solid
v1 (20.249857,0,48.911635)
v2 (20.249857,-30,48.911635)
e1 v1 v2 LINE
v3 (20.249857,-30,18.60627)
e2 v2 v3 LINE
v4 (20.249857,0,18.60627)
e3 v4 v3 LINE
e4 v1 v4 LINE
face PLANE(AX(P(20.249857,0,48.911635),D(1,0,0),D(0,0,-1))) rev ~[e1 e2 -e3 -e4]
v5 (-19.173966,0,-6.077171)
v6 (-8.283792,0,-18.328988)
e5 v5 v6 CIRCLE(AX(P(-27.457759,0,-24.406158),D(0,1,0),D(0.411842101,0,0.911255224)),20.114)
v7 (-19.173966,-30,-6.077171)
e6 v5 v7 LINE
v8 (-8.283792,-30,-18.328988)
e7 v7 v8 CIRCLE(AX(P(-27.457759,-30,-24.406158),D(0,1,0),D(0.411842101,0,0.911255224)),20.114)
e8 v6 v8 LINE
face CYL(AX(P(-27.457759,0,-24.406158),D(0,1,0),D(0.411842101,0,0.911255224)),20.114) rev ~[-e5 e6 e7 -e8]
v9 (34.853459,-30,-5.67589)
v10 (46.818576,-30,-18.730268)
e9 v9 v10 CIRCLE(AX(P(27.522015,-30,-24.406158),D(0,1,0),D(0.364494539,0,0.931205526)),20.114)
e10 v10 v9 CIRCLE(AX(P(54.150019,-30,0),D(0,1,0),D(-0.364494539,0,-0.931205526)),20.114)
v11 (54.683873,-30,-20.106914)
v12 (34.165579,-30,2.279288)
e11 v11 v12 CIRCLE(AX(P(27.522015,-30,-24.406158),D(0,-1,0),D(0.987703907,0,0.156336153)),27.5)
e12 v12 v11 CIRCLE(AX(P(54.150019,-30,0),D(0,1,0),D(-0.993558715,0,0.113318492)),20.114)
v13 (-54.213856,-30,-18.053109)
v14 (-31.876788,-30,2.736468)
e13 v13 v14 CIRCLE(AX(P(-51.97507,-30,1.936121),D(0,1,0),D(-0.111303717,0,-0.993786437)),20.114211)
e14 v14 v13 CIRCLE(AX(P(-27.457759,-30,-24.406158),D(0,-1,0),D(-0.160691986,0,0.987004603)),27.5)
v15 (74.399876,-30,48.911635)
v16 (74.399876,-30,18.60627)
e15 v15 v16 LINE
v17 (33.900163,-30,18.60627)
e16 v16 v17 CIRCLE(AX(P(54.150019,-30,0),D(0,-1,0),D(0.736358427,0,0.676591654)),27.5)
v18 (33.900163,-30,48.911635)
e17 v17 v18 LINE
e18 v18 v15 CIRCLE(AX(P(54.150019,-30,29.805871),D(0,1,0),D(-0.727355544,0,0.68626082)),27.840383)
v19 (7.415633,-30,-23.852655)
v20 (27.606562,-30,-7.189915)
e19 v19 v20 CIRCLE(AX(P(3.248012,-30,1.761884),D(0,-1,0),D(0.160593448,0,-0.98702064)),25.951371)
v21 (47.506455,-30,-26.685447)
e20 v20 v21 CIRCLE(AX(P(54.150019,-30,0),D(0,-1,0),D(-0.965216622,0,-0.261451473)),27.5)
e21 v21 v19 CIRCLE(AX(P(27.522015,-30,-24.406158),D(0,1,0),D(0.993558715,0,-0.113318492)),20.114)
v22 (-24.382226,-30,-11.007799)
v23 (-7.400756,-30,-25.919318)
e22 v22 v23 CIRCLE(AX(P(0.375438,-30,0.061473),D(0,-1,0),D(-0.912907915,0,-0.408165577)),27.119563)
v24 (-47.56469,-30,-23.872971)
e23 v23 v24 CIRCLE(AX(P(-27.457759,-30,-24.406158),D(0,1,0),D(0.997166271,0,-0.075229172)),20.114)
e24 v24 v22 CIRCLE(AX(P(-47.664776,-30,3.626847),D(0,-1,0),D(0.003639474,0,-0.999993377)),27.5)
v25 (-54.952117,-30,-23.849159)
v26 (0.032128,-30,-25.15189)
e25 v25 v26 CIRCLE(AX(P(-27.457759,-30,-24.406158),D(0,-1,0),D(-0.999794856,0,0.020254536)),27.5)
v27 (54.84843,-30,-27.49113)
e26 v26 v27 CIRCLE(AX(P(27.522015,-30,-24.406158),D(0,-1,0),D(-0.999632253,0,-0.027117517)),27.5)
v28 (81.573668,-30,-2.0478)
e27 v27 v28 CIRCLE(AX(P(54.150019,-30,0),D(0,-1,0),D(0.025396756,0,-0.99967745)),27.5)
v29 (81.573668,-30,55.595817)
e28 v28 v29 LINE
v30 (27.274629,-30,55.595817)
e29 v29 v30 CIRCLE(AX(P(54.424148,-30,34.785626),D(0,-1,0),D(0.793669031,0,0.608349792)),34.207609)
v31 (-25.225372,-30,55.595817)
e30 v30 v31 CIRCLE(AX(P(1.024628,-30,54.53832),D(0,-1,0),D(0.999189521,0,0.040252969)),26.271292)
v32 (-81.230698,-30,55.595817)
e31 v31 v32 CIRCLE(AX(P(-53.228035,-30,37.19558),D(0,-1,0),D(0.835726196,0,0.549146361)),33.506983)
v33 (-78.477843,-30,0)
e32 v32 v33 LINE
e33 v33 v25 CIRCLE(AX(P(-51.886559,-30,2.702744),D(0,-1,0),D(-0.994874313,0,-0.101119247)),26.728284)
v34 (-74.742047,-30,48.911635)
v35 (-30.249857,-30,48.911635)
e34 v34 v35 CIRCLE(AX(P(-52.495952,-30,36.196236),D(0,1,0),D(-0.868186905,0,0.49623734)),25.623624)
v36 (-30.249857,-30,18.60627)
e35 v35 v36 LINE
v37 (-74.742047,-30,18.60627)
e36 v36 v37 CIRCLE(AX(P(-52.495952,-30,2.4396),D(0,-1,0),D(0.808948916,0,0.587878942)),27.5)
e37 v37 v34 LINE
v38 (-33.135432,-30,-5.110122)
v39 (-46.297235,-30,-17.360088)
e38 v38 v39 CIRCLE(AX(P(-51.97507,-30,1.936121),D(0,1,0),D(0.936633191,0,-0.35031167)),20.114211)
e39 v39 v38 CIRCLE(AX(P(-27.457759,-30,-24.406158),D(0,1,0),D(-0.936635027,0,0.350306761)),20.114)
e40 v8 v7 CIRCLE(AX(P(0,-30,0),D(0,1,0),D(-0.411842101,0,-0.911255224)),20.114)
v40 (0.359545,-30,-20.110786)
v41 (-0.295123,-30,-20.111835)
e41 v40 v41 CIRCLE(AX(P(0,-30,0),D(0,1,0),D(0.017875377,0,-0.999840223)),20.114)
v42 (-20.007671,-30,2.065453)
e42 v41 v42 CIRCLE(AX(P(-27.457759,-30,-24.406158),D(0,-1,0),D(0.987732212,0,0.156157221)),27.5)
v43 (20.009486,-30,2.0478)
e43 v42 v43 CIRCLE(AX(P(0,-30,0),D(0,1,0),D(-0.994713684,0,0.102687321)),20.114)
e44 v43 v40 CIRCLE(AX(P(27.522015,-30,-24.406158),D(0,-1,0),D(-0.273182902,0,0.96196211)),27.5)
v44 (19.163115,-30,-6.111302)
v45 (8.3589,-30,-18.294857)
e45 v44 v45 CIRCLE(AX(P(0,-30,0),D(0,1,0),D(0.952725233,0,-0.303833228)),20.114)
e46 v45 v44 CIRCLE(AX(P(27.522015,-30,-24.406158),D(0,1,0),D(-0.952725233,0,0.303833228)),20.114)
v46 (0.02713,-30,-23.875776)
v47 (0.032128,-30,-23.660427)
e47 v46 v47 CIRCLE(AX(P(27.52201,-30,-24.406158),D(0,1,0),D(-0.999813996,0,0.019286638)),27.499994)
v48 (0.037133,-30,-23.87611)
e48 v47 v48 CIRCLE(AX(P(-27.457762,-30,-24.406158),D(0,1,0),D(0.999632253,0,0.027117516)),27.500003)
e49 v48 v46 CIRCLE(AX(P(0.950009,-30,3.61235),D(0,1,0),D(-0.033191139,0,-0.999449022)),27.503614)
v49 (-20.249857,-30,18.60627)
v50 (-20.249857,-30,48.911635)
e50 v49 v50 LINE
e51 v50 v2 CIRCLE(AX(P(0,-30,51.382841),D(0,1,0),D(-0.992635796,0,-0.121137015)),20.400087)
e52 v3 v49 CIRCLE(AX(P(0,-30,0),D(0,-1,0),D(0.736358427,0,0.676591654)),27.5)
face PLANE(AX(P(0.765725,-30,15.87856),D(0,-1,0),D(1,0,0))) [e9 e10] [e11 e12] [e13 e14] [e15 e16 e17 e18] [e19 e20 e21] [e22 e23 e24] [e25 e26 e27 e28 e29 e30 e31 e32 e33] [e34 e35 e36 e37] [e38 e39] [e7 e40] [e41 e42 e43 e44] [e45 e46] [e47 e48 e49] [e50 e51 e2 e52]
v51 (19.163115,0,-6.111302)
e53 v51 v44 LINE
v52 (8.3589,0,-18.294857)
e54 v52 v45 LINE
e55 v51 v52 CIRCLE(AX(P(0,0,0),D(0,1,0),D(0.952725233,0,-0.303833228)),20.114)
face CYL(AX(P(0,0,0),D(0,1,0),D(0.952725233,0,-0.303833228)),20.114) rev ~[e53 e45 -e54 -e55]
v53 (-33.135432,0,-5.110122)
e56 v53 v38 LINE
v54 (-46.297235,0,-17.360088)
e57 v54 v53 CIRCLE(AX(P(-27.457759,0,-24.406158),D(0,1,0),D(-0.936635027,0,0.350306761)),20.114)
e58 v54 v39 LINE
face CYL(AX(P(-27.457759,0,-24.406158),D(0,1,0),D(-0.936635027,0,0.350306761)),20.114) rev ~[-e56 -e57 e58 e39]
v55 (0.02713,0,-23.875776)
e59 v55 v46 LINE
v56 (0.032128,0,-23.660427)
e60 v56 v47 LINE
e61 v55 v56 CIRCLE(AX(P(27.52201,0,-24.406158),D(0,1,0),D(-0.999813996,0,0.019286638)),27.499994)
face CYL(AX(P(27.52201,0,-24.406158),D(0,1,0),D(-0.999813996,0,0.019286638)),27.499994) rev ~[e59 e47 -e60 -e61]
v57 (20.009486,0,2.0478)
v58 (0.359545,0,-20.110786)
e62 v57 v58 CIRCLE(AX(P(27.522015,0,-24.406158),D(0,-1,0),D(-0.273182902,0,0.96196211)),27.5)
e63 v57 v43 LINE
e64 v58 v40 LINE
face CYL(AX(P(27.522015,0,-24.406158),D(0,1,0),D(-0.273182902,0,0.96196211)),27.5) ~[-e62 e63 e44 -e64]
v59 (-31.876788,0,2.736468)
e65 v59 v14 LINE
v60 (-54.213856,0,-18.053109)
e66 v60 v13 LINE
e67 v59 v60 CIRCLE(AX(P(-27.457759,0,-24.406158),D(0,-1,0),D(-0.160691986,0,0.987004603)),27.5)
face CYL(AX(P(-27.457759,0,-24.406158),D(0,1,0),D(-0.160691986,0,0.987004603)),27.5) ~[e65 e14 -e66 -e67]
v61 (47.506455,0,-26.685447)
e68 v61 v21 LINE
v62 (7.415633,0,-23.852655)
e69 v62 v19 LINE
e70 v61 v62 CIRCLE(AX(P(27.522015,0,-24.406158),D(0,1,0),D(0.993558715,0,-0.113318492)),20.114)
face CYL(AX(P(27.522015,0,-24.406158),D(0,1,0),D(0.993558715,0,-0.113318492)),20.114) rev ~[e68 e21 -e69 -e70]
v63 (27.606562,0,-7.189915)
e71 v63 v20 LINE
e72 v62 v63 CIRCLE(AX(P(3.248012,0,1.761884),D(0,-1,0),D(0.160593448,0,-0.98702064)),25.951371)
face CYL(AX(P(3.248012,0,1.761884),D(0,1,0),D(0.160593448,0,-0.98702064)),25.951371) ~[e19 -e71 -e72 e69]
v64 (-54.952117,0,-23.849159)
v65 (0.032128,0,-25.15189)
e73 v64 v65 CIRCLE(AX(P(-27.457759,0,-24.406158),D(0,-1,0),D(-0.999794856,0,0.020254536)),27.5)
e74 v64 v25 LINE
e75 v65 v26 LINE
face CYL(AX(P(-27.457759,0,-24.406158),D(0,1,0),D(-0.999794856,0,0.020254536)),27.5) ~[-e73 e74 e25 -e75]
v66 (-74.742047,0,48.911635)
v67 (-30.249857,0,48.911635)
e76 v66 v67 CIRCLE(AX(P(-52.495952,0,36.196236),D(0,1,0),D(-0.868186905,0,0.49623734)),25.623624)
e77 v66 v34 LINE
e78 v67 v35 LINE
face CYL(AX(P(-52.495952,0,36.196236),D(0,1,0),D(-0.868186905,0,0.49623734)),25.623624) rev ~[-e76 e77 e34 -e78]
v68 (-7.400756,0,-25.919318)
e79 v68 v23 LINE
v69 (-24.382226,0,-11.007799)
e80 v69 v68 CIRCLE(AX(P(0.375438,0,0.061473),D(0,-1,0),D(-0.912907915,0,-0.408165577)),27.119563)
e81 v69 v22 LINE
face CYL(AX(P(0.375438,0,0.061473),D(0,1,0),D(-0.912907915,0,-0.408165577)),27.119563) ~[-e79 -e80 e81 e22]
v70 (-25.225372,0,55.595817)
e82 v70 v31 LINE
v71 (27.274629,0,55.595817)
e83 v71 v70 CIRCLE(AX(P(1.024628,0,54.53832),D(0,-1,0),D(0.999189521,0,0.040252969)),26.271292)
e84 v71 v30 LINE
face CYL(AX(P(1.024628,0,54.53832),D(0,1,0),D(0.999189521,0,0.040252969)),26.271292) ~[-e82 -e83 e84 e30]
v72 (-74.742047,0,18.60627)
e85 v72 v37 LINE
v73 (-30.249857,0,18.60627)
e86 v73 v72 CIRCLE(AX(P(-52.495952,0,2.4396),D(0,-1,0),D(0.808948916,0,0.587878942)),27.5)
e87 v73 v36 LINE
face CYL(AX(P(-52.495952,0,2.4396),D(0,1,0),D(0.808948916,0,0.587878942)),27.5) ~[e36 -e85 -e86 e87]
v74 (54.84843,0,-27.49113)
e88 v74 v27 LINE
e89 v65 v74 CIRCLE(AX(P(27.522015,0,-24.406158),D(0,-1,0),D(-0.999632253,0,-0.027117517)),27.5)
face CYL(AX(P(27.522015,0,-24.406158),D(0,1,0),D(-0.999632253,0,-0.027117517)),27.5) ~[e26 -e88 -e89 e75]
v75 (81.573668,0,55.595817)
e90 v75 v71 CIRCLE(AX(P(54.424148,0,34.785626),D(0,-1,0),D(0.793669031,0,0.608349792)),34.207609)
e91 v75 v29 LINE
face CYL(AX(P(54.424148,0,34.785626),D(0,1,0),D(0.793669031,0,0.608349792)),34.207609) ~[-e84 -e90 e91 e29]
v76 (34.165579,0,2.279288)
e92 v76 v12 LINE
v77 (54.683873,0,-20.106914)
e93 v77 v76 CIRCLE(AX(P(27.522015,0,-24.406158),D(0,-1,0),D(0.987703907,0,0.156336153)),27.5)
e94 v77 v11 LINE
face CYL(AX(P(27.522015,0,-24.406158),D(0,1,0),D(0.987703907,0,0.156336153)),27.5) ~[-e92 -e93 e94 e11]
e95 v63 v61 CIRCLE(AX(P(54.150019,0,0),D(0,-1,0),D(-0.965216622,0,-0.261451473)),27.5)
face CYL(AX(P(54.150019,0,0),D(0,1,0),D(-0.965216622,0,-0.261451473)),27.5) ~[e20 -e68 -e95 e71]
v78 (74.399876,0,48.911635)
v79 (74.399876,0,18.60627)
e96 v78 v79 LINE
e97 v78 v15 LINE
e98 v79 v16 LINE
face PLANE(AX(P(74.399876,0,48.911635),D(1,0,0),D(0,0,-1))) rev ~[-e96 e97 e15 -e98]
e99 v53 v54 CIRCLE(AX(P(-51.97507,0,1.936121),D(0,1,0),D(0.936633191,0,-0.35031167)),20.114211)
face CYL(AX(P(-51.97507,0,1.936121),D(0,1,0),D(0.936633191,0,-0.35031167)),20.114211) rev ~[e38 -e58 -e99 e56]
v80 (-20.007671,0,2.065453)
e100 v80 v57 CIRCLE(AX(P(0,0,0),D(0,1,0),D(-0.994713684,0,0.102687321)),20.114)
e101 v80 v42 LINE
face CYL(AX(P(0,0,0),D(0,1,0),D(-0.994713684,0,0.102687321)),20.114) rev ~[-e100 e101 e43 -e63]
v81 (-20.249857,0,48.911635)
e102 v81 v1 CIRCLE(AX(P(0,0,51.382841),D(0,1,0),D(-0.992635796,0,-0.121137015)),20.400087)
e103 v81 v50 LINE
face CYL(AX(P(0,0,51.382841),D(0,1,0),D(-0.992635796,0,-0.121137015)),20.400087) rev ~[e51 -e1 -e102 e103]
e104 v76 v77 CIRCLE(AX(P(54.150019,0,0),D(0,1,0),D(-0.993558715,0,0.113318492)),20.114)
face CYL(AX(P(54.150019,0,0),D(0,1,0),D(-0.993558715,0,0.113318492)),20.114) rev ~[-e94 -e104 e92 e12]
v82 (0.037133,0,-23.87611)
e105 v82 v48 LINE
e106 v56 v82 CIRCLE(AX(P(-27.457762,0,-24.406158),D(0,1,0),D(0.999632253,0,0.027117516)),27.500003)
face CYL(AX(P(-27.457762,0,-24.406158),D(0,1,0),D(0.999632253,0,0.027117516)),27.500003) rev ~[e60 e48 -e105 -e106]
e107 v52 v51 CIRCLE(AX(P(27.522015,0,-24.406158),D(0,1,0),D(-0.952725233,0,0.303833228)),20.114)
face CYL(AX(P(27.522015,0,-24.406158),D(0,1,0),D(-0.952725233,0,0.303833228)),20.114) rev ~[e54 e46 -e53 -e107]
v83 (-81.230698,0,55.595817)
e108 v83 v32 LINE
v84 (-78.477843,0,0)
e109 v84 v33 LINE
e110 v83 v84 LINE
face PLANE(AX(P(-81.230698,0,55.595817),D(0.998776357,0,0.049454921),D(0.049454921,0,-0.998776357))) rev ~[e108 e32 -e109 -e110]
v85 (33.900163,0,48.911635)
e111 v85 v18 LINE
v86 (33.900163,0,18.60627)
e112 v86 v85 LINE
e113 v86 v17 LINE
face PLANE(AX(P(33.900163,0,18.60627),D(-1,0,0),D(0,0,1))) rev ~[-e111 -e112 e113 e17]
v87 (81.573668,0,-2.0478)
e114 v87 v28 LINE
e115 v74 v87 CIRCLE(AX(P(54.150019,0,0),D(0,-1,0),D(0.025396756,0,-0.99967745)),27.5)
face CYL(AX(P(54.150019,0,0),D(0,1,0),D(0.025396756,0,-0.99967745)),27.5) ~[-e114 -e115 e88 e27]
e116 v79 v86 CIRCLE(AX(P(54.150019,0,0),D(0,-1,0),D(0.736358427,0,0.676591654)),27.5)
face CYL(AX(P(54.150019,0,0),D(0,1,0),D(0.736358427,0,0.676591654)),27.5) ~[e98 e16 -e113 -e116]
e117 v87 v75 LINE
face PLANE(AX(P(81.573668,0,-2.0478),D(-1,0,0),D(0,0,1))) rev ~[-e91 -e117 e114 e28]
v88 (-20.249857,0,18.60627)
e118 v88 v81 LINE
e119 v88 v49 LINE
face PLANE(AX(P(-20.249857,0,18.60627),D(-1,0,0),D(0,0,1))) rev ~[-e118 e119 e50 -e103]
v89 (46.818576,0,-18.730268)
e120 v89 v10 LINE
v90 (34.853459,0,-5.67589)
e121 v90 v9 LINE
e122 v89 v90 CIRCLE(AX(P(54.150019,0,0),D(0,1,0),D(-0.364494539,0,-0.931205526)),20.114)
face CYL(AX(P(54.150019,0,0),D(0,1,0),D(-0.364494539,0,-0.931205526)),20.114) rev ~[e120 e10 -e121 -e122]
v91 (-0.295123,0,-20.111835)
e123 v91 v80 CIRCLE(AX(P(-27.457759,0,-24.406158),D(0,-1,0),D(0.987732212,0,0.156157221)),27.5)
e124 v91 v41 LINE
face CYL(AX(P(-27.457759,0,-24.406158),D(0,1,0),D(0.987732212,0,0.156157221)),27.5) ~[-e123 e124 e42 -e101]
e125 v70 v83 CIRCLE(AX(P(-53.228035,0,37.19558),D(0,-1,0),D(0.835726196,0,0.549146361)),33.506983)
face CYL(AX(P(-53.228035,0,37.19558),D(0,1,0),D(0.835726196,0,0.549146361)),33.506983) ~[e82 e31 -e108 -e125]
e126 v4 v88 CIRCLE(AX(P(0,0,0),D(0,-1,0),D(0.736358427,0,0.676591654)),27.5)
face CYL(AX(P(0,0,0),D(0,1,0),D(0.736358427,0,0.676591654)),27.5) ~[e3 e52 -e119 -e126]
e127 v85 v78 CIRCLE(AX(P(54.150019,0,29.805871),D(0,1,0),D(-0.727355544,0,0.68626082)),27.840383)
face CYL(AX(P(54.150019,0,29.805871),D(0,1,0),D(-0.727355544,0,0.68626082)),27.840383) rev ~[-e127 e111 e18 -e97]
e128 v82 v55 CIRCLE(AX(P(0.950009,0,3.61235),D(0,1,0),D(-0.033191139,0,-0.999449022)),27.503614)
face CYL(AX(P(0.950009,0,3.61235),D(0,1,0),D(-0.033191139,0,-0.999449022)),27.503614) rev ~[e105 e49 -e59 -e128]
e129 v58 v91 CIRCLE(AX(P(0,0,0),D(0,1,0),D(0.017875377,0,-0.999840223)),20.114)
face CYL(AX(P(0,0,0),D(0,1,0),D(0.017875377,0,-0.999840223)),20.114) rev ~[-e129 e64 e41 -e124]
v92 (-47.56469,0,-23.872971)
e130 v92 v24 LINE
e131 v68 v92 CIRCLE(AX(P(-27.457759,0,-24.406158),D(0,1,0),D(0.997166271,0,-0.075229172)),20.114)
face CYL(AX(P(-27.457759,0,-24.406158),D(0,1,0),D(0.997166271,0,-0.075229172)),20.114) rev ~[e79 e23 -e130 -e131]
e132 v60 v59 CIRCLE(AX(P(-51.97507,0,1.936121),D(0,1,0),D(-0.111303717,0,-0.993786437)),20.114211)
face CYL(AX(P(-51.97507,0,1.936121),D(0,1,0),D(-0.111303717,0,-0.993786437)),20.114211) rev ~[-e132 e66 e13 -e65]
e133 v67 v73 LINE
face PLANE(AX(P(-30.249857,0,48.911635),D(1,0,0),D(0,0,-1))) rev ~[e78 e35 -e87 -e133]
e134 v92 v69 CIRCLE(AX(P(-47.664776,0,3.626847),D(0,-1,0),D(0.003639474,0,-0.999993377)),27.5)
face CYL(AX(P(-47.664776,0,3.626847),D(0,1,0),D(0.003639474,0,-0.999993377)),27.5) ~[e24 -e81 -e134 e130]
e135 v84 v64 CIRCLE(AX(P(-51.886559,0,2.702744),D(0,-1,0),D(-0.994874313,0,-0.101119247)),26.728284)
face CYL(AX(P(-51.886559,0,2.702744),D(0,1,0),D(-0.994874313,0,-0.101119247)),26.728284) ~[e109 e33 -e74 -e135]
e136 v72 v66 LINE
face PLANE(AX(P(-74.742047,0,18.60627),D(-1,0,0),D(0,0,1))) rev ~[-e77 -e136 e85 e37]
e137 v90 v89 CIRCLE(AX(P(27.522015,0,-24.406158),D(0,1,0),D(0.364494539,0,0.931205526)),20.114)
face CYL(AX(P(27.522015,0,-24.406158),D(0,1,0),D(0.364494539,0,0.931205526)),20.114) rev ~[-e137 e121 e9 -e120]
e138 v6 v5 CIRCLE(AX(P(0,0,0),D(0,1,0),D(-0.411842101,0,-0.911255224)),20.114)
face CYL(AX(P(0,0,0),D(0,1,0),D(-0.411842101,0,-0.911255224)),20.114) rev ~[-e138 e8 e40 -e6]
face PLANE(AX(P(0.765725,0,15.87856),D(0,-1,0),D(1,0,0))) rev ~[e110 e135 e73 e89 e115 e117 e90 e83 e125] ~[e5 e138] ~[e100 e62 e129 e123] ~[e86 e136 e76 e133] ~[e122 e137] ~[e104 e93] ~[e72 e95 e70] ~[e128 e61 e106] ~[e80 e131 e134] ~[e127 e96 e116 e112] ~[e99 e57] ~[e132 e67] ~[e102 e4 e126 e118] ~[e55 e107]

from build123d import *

# Parameters (mm, degrees)
F1_DEPTH = 30


with BuildPart() as f1:
    # F0 (on Front) → F1 (new body)
    with BuildSketch(Plane.XZ):
        with BuildLine():
            ThreePointArc((-54.9521170528, -23.8491586354), (-28.1091280799, -51.8984430625), (0.0321284272, -25.1518900869))
            ThreePointArc((0.0321284272, -25.1518900869), (26.3495429893, -51.881152609), (54.8484302614, -27.4911298852))
            ThreePointArc((54.8484302614, -27.4911298852), (73.1119107996, -19.9172457231), (81.5736683246, -2.0477996696))
            Line((81.5736683246, -2.0477996696), (81.5736683246, 2.0477996696))
            Line((81.5736683246, 2.0477996696), (81.5736683246, 55.5958174029))
            ThreePointArc((81.5736683246, 55.5958174029), (54.4241484279, 68.9932345843), (27.2746285312, 55.5958174029))
            ThreePointArc((27.2746285312, 55.5958174029), (1.0246284195, 80.8096123273), (-25.2253716923, 55.5958174029))
            ThreePointArc((-25.2253716923, 55.5958174029), (-53.228034731, 70.702562407), (-81.2306977697, 55.5958174029))
            Line((-81.2306977697, 55.5958174029), (-78.4778425034, 0))
            ThreePointArc((-78.4778425034, 0), (-70.9148972262, -16.0675390887), (-54.9521170528, -23.8491586354))
        make_face()
        with BuildLine():
            ThreePointArc((-7.4007561448, -25.9193179249), (-28.4812364129, -44.4941022404), (-47.5646903418, -23.8729711647))
            ThreePointArc((-47.5646903418, -23.8729711647), (-34.3206731952, -20.4186294443), (-24.3822257053, -11.0077990669))
            ThreePointArc((-24.3822257053, -11.0077990669), (-17.5187321653, -20.316686125), (-7.4007561448, -25.9193179249))
        make_face(mode=Mode.SUBTRACT)
        with BuildLine():
            ThreePointArc((0.0271304955, -23.8757758069), (0.0294186071, -23.768096335), (0.0321284272, -23.6604266503))
            ThreePointArc((0.0321284272, -23.6604266503), (0.0348421221, -23.7682633174), (0.0371327996, -23.8761097996))
            ThreePointArc((0.0371327996, -23.8761097996), (0.0420299173, -24.5140289677), (0.0321284272, -25.1518900869))
            ThreePointArc((0.0321284272, -25.1518900869), (0.0222262824, -24.5138619416), (0.0271304955, -23.8757758069))
        make_face(mode=Mode.SUBTRACT)
        with BuildLine():
            ThreePointArc((-54.2138562759, -18.0531092806), (-65.6787928849, 16.6598926338), (-31.876788129, 2.7364682046))
            ThreePointArc((-31.876788129, 2.7364682046), (-46.193387, -4.2759267417), (-54.2138562759, -18.0531092806))
        make_face(mode=Mode.SUBTRACT)
        with BuildLine():
            ThreePointArc((-46.2972354408, -17.3600881705), (-41.1613378372, -9.6825409525), (-33.1354322227, -5.1101220582))
            ThreePointArc((-33.1354322227, -5.1101220582), (-38.2713467694, -12.7876510718), (-46.2972354408, -17.3600881705))
        make_face(mode=Mode.SUBTRACT)
        with BuildLine():
            ThreePointArc((-8.28379202, -18.3289875817), (-15.0335916995, -13.3627885044), (-19.173966497, -6.0771707869))
            ThreePointArc((-19.173966497, -6.0771707869), (-12.4241668175, -11.0433698642), (-8.28379202, -18.3289875817))
        make_face(mode=Mode.SUBTRACT)
        with BuildLine():
            ThreePointArc((0.3595453388, -20.110786239), (0.03221559, -20.1139742009), (-0.2951226913, -20.1118347894))
            ThreePointArc((-0.2951226913, -20.1118347894), (-6.9037279047, -6.1364614475), (-20.0076710494, 2.0654527785))
            ThreePointArc((-20.0076710494, 2.0654527785), (0.0088730592, 20.1139980429), (20.0094855634, 2.0477996696))
            ThreePointArc((20.0094855634, 2.0477996696), (6.9467963968, -6.1603269502), (0.3595453388, -20.110786239))
        make_face(mode=Mode.SUBTRACT)
        with BuildLine():
            ThreePointArc((7.4156325472, -23.8526552253), (19.766103054, -18.2537687665), (27.6065623642, -7.1899154992))
            ThreePointArc((27.6065623642, -7.1899154992), (34.9051882996, -19.6439933117), (47.5064553568, -26.6854465182))
            ThreePointArc((47.5064553568, -26.6854465182), (26.1043080175, -44.4701335943), (7.4156325472, -23.8526552253))
        make_face(mode=Mode.SUBTRACT)
        with BuildLine():
            ThreePointArc((19.1631153374, -6.1113015443), (15.0490892529, -13.3453328418), (8.358900034, -18.2948568243))
            ThreePointArc((8.358900034, -18.2948568243), (12.4729261185, -11.0608255268), (19.1631153374, -6.1113015443))
        make_face(mode=Mode.SUBTRACT)
        with BuildLine():
            ThreePointArc((46.8185763045, -18.7302679403), (39.3221118756, -13.5906641625), (34.8534585367, -5.6758904283))
            ThreePointArc((34.8534585367, -5.6758904283), (42.3499229656, -10.8154942061), (46.8185763045, -18.7302679403))
        make_face(mode=Mode.SUBTRACT)
        with BuildLine():
            ThreePointArc((34.1655794844, 2.2792881496), (68.977927064, 13.5906641625), (54.6838728032, -20.1069141496))
            ThreePointArc((54.6838728032, -20.1069141496), (47.7948332515, -5.8249082707), (34.1655794844, 2.2792881496))
        make_face(mode=Mode.SUBTRACT)
        with BuildLine():
            ThreePointArc((-30.2498567443, 18.6062704978), (-52.4959519402, 29.939599581), (-74.7420471362, 18.6062704978))
            Line((-74.7420471362, 18.6062704978), (-74.7420471362, 48.9116348326))
            ThreePointArc((-74.7420471362, 48.9116348326), (-52.4959519402, 61.8198600399), (-30.2498567443, 48.9116348326))
            Line((-30.2498567443, 48.9116348326), (-30.2498567443, 18.6062704978))
        make_face(mode=Mode.SUBTRACT)
        with BuildLine():
            Line((20.2498567443, 48.9116348326), (20.2498567443, 18.6062704978))
            ThreePointArc((20.2498567443, 18.6062704978), (0, 27.5), (-20.2498567443, 18.6062704978))
            Line((-20.2498567443, 18.6062704978), (-20.2498567443, 48.9116348326))
            ThreePointArc((-20.2498567443, 48.9116348326), (0, 71.7829276504), (20.2498567443, 48.9116348326))
        make_face(mode=Mode.SUBTRACT)
        with BuildLine():
            ThreePointArc((74.399876214, 18.6062704978), (54.1500194698, 27.5), (33.9001627255, 18.6062704978))
            Line((33.9001627255, 18.6062704978), (33.9001627255, 48.9116348326))
            ThreePointArc((33.9001627255, 48.9116348326), (54.1500194698, 57.6462536934), (74.399876214, 48.9116348326))
            Line((74.399876214, 48.9116348326), (74.399876214, 18.6062704978))
        make_face(mode=Mode.SUBTRACT)
        with BuildLine():
            ThreePointArc((0.0371327996, -23.8761097996), (0.0321316324, -23.8759432582), (0.0271304955, -23.8757758069))
            ThreePointArc((0.0271304955, -23.8757758069), (0.0222262824, -24.5138619416), (0.0321284272, -25.1518900869))
            ThreePointArc((0.0321284272, -25.1518900869), (0.0420299173, -24.5140289677), (0.0371327996, -23.8761097996))
        make_face()
    extrude(amount=F1_DEPTH)


solid = f1.part
